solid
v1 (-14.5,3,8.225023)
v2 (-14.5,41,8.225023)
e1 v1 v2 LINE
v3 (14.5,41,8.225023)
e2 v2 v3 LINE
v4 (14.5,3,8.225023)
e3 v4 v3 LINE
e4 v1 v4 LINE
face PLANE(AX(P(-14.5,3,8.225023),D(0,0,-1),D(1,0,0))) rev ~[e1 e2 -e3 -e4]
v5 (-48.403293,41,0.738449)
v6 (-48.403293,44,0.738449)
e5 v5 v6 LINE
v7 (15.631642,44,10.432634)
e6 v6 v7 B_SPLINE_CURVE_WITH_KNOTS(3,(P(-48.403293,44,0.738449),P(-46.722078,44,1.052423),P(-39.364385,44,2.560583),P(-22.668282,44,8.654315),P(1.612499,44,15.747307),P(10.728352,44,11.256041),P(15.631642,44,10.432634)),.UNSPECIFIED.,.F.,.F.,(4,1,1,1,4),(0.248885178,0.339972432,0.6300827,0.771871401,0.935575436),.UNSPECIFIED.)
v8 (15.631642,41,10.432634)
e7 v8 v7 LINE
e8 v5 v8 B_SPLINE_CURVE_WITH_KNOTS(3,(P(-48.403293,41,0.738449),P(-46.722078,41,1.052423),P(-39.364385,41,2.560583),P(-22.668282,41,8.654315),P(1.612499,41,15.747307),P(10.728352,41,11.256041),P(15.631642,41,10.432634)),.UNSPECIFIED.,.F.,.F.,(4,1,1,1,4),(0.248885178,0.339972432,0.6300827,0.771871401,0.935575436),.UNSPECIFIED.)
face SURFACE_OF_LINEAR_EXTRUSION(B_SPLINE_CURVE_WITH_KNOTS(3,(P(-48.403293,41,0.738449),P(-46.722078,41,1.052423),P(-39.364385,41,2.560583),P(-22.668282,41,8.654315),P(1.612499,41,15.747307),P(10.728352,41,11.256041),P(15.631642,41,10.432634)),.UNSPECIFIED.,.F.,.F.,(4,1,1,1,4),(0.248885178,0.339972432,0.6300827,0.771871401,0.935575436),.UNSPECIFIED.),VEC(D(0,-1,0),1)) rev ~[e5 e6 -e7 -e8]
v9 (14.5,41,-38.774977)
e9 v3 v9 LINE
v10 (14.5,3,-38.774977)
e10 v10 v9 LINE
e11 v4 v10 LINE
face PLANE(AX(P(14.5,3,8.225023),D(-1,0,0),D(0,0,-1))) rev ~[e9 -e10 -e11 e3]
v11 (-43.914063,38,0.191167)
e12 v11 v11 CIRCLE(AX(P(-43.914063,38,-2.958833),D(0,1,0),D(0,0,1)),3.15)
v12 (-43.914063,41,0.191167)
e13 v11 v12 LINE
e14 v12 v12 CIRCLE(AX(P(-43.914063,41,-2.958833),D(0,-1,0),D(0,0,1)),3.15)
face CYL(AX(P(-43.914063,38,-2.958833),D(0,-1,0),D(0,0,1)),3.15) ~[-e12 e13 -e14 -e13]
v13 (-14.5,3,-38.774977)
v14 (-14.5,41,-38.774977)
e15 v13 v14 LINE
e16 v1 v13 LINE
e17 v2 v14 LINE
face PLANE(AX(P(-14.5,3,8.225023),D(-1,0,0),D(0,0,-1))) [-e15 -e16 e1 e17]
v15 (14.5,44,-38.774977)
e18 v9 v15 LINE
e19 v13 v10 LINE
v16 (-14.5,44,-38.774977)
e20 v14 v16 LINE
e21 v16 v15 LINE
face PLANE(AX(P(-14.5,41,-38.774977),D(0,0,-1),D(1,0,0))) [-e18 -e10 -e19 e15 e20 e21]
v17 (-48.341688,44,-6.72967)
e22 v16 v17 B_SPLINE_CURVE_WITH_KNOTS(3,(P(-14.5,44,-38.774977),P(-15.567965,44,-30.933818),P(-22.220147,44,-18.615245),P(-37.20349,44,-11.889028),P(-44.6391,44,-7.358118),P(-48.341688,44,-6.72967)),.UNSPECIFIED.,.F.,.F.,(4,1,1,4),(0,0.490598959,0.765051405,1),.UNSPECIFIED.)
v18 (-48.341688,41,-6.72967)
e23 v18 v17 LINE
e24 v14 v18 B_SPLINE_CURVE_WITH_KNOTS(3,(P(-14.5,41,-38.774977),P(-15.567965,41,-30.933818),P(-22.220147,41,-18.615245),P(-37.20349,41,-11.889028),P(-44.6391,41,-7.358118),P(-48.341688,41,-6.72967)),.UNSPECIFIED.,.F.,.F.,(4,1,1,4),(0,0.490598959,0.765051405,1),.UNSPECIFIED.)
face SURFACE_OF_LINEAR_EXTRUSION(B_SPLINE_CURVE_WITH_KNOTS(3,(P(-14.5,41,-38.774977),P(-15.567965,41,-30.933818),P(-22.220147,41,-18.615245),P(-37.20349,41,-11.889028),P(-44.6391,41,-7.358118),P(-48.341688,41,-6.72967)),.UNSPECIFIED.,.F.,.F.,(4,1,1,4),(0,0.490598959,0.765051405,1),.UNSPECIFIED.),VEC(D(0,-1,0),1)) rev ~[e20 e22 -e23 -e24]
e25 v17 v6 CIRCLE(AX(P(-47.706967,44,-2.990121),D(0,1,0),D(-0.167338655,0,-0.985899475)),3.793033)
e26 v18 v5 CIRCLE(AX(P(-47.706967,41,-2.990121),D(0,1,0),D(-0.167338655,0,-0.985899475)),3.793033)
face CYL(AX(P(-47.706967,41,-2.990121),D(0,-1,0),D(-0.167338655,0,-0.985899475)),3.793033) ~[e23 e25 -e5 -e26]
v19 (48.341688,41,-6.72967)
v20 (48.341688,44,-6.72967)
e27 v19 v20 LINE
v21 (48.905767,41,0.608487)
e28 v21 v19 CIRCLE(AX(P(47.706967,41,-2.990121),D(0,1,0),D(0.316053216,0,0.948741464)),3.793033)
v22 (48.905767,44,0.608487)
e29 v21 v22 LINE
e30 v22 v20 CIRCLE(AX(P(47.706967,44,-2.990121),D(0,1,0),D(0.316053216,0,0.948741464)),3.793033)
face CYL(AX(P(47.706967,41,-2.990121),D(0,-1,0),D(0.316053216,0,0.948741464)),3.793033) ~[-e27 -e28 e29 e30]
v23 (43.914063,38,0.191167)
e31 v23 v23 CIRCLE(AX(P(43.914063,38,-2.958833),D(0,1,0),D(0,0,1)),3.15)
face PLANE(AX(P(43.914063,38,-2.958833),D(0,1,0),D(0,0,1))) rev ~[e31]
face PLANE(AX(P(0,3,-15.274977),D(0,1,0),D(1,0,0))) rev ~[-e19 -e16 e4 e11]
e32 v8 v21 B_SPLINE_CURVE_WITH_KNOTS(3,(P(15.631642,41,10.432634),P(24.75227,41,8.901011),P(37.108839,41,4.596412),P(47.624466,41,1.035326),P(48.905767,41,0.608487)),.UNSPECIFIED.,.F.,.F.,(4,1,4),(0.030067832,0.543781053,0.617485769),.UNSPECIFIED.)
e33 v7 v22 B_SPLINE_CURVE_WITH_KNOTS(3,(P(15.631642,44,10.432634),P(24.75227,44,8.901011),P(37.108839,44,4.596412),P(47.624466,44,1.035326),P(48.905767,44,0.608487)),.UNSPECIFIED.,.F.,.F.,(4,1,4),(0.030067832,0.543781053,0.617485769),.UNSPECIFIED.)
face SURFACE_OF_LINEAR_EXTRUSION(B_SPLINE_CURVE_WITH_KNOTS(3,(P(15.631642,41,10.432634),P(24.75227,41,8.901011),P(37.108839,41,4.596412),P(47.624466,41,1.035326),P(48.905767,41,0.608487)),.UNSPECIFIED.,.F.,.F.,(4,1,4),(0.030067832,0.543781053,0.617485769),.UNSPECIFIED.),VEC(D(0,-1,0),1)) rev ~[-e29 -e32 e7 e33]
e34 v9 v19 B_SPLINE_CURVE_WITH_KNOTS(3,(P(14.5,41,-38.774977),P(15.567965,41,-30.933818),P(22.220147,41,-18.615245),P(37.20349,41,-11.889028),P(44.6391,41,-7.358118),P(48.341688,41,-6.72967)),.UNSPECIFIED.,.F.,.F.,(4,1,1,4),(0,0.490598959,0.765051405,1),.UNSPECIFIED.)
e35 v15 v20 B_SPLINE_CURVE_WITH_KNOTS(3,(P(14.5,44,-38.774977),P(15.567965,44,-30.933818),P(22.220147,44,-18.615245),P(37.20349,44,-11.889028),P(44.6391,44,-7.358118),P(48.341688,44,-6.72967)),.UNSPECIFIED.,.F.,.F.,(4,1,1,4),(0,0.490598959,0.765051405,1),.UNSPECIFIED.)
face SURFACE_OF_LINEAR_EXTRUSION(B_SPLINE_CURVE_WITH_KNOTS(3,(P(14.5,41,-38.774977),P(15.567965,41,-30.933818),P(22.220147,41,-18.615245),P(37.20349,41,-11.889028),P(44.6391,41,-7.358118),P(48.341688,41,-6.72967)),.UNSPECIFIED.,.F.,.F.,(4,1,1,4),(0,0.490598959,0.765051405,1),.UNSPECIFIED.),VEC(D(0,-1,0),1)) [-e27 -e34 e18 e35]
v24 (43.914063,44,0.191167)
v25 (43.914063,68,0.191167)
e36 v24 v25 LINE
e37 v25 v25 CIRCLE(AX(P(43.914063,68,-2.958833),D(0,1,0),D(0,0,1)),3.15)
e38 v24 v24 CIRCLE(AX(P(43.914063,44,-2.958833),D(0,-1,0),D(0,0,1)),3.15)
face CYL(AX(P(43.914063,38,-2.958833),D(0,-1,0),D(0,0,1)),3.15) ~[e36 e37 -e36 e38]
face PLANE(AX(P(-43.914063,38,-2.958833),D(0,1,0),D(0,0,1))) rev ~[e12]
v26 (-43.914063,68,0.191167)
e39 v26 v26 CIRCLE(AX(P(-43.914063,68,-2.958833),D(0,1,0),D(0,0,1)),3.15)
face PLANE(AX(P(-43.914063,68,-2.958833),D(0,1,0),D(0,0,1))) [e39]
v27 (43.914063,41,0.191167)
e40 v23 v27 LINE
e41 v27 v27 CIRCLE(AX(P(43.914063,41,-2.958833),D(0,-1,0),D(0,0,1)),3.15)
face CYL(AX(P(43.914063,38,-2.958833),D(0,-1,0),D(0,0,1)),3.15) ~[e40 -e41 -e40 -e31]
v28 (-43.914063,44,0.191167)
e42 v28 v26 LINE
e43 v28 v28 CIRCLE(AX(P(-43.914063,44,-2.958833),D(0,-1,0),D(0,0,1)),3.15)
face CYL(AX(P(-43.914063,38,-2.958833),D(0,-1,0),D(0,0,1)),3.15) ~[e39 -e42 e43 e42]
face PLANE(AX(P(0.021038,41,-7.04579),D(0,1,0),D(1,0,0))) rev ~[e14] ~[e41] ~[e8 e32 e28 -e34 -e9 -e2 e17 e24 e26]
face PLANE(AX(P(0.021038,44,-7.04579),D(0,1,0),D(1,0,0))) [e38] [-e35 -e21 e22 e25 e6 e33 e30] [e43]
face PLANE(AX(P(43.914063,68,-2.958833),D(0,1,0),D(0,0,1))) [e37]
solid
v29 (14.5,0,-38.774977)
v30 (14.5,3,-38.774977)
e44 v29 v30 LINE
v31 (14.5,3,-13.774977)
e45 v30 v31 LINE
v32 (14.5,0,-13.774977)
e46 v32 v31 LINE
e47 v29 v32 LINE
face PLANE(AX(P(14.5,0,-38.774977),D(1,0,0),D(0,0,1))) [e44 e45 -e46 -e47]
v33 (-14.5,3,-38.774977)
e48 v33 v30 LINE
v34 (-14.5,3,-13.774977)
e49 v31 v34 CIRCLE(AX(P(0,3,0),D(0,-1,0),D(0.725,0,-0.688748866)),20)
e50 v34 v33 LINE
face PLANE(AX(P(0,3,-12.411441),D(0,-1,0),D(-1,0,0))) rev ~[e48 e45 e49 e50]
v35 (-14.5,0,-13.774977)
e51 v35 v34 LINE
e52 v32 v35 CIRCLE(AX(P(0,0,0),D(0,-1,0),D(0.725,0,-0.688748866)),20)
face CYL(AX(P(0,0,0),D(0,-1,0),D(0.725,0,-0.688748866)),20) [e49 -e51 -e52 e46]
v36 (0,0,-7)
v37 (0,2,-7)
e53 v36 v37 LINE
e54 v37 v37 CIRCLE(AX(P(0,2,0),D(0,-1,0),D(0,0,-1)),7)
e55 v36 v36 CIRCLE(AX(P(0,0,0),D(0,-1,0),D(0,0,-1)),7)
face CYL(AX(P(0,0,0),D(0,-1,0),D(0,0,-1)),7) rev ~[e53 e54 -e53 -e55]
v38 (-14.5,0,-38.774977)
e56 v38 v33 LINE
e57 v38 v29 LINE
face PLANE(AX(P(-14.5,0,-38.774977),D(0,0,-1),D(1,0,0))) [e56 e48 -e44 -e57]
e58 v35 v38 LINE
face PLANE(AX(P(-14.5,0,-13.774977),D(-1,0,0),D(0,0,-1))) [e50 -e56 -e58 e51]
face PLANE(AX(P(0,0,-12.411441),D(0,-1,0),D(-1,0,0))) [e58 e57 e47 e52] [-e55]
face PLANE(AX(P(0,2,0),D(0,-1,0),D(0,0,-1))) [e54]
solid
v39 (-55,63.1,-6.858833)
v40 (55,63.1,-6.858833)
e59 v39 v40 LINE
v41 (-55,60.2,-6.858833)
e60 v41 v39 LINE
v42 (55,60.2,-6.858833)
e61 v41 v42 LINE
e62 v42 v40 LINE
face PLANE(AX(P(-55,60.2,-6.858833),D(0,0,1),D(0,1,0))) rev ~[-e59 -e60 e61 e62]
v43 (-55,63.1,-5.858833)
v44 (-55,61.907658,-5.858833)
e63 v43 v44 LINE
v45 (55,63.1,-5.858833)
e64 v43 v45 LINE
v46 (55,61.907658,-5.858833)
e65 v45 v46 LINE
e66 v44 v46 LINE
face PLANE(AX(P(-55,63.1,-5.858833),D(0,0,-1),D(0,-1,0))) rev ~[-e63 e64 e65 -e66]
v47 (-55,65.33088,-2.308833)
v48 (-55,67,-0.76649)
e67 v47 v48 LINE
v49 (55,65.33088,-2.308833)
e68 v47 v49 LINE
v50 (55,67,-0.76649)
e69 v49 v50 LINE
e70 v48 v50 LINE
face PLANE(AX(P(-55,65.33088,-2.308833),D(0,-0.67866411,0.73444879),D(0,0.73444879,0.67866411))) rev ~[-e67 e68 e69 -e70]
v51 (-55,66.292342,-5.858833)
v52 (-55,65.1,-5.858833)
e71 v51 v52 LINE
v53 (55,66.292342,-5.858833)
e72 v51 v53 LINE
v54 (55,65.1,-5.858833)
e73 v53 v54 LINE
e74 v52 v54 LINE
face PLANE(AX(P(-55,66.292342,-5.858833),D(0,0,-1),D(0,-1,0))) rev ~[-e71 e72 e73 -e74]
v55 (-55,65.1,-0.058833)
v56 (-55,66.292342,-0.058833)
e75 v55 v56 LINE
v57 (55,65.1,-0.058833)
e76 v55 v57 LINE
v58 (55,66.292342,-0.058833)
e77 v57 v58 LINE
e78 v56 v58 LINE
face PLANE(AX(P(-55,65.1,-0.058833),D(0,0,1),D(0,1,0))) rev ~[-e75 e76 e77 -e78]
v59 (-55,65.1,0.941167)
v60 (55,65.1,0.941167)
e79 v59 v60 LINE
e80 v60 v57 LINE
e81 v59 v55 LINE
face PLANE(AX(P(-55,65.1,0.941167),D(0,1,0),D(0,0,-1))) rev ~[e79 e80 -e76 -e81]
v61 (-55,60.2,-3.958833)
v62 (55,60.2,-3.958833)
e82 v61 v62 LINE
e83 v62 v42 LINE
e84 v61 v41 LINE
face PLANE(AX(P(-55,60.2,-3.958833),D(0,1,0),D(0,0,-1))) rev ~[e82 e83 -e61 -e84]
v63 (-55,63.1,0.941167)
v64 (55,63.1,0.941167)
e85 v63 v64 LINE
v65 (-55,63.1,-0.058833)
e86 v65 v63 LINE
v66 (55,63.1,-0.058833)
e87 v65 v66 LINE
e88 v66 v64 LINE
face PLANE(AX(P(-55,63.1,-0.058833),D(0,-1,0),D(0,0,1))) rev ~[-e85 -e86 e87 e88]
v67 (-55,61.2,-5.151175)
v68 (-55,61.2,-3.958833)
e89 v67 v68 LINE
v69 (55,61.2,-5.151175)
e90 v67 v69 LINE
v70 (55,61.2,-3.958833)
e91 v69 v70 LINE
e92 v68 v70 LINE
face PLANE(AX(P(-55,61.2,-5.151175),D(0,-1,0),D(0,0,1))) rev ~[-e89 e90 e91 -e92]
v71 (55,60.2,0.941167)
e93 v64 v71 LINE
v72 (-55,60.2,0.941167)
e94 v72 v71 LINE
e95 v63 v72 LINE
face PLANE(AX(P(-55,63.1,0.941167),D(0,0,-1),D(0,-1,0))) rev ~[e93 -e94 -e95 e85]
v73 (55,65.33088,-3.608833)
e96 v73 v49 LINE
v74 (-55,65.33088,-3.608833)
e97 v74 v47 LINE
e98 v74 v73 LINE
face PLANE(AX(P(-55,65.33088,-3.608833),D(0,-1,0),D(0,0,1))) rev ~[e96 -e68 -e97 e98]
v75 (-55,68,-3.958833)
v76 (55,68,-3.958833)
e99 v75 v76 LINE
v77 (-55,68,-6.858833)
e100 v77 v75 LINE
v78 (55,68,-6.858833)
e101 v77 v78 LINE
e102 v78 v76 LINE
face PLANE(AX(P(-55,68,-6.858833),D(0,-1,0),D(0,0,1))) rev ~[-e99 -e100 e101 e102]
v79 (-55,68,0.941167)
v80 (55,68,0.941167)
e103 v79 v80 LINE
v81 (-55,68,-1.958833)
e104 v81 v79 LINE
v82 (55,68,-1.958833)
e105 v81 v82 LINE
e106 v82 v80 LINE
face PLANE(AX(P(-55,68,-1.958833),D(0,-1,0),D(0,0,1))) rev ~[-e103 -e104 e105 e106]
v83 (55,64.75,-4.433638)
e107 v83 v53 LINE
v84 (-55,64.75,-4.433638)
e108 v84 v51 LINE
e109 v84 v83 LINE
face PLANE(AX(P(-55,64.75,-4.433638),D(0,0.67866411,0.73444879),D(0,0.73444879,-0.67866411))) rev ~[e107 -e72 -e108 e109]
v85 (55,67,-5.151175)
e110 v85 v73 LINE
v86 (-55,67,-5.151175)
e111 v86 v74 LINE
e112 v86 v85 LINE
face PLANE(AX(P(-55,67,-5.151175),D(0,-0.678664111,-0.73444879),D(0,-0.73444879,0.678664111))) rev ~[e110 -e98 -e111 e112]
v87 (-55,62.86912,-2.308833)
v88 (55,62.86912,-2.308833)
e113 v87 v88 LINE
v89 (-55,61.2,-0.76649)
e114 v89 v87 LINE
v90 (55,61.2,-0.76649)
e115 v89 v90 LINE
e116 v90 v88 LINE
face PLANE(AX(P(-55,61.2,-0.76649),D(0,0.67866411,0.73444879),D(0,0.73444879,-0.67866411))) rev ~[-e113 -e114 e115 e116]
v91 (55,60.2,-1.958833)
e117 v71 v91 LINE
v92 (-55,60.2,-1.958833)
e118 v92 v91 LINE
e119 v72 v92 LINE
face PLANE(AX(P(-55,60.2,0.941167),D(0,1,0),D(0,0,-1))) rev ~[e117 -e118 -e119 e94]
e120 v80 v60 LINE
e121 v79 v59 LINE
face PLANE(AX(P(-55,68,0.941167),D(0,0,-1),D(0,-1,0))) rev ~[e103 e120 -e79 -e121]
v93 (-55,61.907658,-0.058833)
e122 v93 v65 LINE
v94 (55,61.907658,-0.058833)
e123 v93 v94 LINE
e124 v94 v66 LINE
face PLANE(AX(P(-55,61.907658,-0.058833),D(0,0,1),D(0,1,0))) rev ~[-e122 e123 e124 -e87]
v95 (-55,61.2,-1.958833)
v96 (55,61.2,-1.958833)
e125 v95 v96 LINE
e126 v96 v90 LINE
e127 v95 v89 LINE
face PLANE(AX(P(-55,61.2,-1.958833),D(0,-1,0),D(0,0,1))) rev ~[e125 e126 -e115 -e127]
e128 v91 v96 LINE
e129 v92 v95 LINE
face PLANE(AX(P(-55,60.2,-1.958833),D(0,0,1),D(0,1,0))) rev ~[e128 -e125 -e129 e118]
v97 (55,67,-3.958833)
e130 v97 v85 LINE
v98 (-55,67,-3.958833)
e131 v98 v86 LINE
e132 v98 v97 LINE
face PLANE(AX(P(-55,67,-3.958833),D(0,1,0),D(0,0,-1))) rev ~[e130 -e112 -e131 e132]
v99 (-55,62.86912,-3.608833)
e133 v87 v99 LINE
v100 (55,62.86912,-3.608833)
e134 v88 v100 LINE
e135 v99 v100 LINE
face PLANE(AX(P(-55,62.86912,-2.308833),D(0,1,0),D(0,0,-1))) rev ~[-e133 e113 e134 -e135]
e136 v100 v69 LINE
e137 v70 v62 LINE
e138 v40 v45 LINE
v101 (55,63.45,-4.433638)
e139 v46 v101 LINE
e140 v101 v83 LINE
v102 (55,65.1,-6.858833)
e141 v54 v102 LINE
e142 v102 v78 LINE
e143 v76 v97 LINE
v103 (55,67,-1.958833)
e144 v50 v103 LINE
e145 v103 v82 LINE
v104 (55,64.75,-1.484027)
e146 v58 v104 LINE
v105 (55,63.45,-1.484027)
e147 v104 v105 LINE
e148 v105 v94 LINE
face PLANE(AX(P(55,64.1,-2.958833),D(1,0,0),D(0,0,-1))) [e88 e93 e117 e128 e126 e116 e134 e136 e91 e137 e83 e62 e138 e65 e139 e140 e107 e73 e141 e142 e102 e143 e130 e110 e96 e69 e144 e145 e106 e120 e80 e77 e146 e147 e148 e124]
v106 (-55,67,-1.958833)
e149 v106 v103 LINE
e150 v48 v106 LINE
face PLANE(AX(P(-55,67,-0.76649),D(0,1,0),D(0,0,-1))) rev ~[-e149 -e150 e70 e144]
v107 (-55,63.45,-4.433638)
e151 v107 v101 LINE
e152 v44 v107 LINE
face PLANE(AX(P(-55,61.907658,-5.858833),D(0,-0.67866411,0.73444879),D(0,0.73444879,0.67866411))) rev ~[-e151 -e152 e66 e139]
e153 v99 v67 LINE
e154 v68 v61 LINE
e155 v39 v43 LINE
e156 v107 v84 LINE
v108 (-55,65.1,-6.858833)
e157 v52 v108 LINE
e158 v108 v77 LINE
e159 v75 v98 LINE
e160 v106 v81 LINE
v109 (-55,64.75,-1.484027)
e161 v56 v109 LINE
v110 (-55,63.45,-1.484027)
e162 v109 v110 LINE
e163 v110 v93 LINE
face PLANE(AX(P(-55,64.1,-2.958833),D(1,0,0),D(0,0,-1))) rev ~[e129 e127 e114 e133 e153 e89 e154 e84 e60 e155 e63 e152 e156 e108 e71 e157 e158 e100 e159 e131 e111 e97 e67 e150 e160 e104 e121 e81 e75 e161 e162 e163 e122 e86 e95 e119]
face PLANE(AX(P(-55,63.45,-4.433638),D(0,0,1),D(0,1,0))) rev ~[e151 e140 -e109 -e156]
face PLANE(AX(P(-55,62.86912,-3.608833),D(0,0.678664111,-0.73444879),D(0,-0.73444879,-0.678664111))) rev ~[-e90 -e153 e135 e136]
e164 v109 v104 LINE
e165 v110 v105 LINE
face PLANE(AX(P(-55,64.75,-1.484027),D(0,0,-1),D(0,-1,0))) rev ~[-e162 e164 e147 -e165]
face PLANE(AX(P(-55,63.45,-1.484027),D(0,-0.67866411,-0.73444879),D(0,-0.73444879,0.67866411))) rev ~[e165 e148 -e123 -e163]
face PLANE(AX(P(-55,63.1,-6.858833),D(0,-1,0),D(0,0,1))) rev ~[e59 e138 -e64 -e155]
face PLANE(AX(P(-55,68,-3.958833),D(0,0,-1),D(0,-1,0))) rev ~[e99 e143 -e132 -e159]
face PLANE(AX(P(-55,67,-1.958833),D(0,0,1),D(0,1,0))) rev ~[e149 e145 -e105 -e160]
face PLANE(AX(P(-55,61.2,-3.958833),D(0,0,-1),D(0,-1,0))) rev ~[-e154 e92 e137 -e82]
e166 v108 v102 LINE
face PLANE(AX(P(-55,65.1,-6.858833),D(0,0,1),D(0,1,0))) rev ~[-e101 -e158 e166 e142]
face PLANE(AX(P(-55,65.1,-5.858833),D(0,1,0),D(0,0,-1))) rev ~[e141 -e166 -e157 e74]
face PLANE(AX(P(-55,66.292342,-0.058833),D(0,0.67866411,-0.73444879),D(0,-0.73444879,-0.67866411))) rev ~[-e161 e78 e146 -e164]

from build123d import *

# Parameters (mm, degrees)
BOSS_EXTRUDE1_DEPTH      = 3
SKETCH2_W                = 29
SKETCH2_H                = 47
BOSS_EXTRUDE2_DEPTH      = 38
SKETCH3_W                = 29
SKETCH3_H                = 47
BOSS_EXTRUDE3_DEPTH      = 3
SKETCH4_R                = 7
CUT_EXTRUDE2_DEPTH       = 2
BOSS_EXTRUDE4_DEPTH      = 24
BOSS_EXTRUDE4_DEPTH_BACK = 6
SKETCH5_R                = 3.15
BOSS_EXTRUDE5_DEPTH      = 55
BOSS_EXTRUDE5_DEPTH_BACK = 55


with BuildPart() as part:
    # Sketch1 → Boss-Extrude1 (new body)
    with BuildSketch(Plane(origin=(0, 0, 0), x_dir=(1, 0, 0), z_dir=(0, 1, 0))):
        with BuildLine():
            Line((-14.5, 38.774977314), (14.5, 38.774977314))
            Line((14.5, 38.774977314), (14.5, 13.774977314))
            ThreePointArc((14.5, 13.774977314), (0, -20), (-14.5, 13.774977314))
            Line((-14.5, 13.774977314), (-14.5, 38.774977314))
        make_face()
    extrude(amount=BOSS_EXTRUDE1_DEPTH)

    # Sketch4 → Cut-Extrude2 (cut)
    with BuildSketch(Plane.XZ):
        with Locations(Location((0, 0, 0), (0, 0, 270))):
            Circle(SKETCH4_R)
    extrude(amount=-CUT_EXTRUDE2_DEPTH, mode=Mode.SUBTRACT)


with BuildPart() as body_2:
    # Sketch2 → Boss-Extrude2 (new body)
    with BuildSketch(Plane(origin=(0, 3, 0), x_dir=(1, 0, 0), z_dir=(0, 1, 0))):
        with Locations((0, 15.274977314)):
            Rectangle(SKETCH2_W, SKETCH2_H)
    extrude(amount=BOSS_EXTRUDE2_DEPTH)

    # Sketch3 → Boss-Extrude3 (add)
    with BuildSketch(Plane(origin=(0, 41, 0), x_dir=(1, 0, 0), z_dir=(0, 1, 0))):
        with BuildLine():
            add(Edge.make_bspline(
                [(-48.403293038, -0.738448708), (-46.722077864, -1.052422756), (-39.364385354, -2.560583108), (-22.668282111, -8.654314983), (1.61249857, -15.747307167), (10.728352261, -11.256041418), (15.631641737, -10.432634197)],
                knots=[0.248885178, 0.248885178, 0.248885178, 0.248885178, 0.339972432, 0.6300827, 0.771871401, 0.935575436, 0.935575436, 0.935575436, 0.935575436], degree=3))
            add(Edge.make_bspline(
                [(15.631641737, -10.432634197), (24.752270132, -8.901011128), (37.108839409, -4.596412261), (47.624465638, -1.035325657), (48.905767222, -0.608487049)],
                knots=[0.030067832, 0.030067832, 0.030067832, 0.030067832, 0.543781053, 0.617485769, 0.617485769, 0.617485769, 0.617485769], degree=3))
            ThreePointArc((48.905767222, -0.608487049), (51.488843103, 3.280831008), (48.341687977, 6.729670026))
            add(Edge.make_bspline(
                [(14.5, 38.774977314), (15.567965131, 30.93381812), (22.220147325, 18.615244813), (37.203490403, 11.889028242), (44.639099785, 7.358117597), (48.341687977, 6.729670026)],
                knots=[0, 0, 0, 0, 0.490598959, 0.765051405, 1, 1, 1, 1], degree=3))
            Line((14.5, 38.774977314), (14.5, -8.225022686))
            Line((14.5, -8.225022686), (-14.5, -8.225022686))
            Line((-14.5, -8.225022686), (-14.5, 38.774977314))
            add(Edge.make_bspline(
                [(-14.5, 38.774977314), (-15.567965131, 30.93381812), (-22.220147325, 18.615244813), (-37.203490403, 11.889028242), (-44.639099785, 7.358117597), (-48.341687977, 6.729670026)],
                knots=[0, 0, 0, 0, 0.490598959, 0.765051405, 1, 1, 1, 1], degree=3))
            ThreePointArc((-48.341687977, 6.729670026), (-51.499870954, 3.02140865), (-48.403293038, -0.738448708))
        make_face()
        with Locations((0, 15.274977314)):
            Rectangle(SKETCH3_W, SKETCH3_H)
    extrude(amount=BOSS_EXTRUDE3_DEPTH)

    # Sketch5 → Boss-Extrude4 (add, two sides: drawn at the far end of the back side and taken through both)
    with BuildSketch(Plane(origin=(0, 44, 0), x_dir=(1, 0, 0), z_dir=(0, 1, 0)).offset(-BOSS_EXTRUDE4_DEPTH_BACK)):
        with Locations(Location((-43.914062889, 2.958832761, 0), (0, 0, 270))):
            Circle(SKETCH5_R)
        with Locations(Location((43.914062889, 2.958832761, 0), (0, 0, 270))):
            Circle(SKETCH5_R)
    extrude(amount=BOSS_EXTRUDE4_DEPTH + BOSS_EXTRUDE4_DEPTH_BACK)


with BuildPart() as body_3:
    # Sketch6 → Boss-Extrude5 (new, two sides: drawn at the far end of the back side and taken through both)
    with BuildSketch(Plane(origin=(0, 0, 0), x_dir=(0, 0, -1), z_dir=(1, 0, 0)).offset(-BOSS_EXTRUDE5_DEPTH_BACK)):
        Polygon((3.958832761, 61.2), (3.958832761, 60.2), (6.858832761, 60.2), (6.858832761, 63.1), (5.858832761, 63.1), (5.858832761, 61.907657541), (4.43363813, 63.45), (4.43363813, 64.75), (5.858832761, 66.292342459), (5.858832761, 65.1), (6.858832761, 65.1), (6.858832761, 68), (6.108832761, 68), (3.958832761, 68), (3.958832761, 67), (5.151175221, 67), (3.608832761, 65.330880423), (2.308832761, 65.330880423), (0.766490302, 67), (1.958832761, 67), (1.958832761, 68), (-0.191167239, 68), (-0.941167239, 68), (-0.941167239, 65.1), (0.058832761, 65.1), (0.058832761, 66.292342459), (1.484027393, 64.75), (1.484027393, 63.45), (0.058832761, 61.907657541), (0.058832761, 63.1), (-0.941167239, 63.1), (-0.941167239, 60.2), (1.958832761, 60.2), (1.958832761, 61.2), (0.766490302, 61.2), (2.308832761, 62.869119577), (3.608832761, 62.869119577), (5.151175221, 61.2), align=None)
    extrude(amount=BOSS_EXTRUDE5_DEPTH + BOSS_EXTRUDE5_DEPTH_BACK)


solid = Compound([part.part, body_2.part, body_3.part])
